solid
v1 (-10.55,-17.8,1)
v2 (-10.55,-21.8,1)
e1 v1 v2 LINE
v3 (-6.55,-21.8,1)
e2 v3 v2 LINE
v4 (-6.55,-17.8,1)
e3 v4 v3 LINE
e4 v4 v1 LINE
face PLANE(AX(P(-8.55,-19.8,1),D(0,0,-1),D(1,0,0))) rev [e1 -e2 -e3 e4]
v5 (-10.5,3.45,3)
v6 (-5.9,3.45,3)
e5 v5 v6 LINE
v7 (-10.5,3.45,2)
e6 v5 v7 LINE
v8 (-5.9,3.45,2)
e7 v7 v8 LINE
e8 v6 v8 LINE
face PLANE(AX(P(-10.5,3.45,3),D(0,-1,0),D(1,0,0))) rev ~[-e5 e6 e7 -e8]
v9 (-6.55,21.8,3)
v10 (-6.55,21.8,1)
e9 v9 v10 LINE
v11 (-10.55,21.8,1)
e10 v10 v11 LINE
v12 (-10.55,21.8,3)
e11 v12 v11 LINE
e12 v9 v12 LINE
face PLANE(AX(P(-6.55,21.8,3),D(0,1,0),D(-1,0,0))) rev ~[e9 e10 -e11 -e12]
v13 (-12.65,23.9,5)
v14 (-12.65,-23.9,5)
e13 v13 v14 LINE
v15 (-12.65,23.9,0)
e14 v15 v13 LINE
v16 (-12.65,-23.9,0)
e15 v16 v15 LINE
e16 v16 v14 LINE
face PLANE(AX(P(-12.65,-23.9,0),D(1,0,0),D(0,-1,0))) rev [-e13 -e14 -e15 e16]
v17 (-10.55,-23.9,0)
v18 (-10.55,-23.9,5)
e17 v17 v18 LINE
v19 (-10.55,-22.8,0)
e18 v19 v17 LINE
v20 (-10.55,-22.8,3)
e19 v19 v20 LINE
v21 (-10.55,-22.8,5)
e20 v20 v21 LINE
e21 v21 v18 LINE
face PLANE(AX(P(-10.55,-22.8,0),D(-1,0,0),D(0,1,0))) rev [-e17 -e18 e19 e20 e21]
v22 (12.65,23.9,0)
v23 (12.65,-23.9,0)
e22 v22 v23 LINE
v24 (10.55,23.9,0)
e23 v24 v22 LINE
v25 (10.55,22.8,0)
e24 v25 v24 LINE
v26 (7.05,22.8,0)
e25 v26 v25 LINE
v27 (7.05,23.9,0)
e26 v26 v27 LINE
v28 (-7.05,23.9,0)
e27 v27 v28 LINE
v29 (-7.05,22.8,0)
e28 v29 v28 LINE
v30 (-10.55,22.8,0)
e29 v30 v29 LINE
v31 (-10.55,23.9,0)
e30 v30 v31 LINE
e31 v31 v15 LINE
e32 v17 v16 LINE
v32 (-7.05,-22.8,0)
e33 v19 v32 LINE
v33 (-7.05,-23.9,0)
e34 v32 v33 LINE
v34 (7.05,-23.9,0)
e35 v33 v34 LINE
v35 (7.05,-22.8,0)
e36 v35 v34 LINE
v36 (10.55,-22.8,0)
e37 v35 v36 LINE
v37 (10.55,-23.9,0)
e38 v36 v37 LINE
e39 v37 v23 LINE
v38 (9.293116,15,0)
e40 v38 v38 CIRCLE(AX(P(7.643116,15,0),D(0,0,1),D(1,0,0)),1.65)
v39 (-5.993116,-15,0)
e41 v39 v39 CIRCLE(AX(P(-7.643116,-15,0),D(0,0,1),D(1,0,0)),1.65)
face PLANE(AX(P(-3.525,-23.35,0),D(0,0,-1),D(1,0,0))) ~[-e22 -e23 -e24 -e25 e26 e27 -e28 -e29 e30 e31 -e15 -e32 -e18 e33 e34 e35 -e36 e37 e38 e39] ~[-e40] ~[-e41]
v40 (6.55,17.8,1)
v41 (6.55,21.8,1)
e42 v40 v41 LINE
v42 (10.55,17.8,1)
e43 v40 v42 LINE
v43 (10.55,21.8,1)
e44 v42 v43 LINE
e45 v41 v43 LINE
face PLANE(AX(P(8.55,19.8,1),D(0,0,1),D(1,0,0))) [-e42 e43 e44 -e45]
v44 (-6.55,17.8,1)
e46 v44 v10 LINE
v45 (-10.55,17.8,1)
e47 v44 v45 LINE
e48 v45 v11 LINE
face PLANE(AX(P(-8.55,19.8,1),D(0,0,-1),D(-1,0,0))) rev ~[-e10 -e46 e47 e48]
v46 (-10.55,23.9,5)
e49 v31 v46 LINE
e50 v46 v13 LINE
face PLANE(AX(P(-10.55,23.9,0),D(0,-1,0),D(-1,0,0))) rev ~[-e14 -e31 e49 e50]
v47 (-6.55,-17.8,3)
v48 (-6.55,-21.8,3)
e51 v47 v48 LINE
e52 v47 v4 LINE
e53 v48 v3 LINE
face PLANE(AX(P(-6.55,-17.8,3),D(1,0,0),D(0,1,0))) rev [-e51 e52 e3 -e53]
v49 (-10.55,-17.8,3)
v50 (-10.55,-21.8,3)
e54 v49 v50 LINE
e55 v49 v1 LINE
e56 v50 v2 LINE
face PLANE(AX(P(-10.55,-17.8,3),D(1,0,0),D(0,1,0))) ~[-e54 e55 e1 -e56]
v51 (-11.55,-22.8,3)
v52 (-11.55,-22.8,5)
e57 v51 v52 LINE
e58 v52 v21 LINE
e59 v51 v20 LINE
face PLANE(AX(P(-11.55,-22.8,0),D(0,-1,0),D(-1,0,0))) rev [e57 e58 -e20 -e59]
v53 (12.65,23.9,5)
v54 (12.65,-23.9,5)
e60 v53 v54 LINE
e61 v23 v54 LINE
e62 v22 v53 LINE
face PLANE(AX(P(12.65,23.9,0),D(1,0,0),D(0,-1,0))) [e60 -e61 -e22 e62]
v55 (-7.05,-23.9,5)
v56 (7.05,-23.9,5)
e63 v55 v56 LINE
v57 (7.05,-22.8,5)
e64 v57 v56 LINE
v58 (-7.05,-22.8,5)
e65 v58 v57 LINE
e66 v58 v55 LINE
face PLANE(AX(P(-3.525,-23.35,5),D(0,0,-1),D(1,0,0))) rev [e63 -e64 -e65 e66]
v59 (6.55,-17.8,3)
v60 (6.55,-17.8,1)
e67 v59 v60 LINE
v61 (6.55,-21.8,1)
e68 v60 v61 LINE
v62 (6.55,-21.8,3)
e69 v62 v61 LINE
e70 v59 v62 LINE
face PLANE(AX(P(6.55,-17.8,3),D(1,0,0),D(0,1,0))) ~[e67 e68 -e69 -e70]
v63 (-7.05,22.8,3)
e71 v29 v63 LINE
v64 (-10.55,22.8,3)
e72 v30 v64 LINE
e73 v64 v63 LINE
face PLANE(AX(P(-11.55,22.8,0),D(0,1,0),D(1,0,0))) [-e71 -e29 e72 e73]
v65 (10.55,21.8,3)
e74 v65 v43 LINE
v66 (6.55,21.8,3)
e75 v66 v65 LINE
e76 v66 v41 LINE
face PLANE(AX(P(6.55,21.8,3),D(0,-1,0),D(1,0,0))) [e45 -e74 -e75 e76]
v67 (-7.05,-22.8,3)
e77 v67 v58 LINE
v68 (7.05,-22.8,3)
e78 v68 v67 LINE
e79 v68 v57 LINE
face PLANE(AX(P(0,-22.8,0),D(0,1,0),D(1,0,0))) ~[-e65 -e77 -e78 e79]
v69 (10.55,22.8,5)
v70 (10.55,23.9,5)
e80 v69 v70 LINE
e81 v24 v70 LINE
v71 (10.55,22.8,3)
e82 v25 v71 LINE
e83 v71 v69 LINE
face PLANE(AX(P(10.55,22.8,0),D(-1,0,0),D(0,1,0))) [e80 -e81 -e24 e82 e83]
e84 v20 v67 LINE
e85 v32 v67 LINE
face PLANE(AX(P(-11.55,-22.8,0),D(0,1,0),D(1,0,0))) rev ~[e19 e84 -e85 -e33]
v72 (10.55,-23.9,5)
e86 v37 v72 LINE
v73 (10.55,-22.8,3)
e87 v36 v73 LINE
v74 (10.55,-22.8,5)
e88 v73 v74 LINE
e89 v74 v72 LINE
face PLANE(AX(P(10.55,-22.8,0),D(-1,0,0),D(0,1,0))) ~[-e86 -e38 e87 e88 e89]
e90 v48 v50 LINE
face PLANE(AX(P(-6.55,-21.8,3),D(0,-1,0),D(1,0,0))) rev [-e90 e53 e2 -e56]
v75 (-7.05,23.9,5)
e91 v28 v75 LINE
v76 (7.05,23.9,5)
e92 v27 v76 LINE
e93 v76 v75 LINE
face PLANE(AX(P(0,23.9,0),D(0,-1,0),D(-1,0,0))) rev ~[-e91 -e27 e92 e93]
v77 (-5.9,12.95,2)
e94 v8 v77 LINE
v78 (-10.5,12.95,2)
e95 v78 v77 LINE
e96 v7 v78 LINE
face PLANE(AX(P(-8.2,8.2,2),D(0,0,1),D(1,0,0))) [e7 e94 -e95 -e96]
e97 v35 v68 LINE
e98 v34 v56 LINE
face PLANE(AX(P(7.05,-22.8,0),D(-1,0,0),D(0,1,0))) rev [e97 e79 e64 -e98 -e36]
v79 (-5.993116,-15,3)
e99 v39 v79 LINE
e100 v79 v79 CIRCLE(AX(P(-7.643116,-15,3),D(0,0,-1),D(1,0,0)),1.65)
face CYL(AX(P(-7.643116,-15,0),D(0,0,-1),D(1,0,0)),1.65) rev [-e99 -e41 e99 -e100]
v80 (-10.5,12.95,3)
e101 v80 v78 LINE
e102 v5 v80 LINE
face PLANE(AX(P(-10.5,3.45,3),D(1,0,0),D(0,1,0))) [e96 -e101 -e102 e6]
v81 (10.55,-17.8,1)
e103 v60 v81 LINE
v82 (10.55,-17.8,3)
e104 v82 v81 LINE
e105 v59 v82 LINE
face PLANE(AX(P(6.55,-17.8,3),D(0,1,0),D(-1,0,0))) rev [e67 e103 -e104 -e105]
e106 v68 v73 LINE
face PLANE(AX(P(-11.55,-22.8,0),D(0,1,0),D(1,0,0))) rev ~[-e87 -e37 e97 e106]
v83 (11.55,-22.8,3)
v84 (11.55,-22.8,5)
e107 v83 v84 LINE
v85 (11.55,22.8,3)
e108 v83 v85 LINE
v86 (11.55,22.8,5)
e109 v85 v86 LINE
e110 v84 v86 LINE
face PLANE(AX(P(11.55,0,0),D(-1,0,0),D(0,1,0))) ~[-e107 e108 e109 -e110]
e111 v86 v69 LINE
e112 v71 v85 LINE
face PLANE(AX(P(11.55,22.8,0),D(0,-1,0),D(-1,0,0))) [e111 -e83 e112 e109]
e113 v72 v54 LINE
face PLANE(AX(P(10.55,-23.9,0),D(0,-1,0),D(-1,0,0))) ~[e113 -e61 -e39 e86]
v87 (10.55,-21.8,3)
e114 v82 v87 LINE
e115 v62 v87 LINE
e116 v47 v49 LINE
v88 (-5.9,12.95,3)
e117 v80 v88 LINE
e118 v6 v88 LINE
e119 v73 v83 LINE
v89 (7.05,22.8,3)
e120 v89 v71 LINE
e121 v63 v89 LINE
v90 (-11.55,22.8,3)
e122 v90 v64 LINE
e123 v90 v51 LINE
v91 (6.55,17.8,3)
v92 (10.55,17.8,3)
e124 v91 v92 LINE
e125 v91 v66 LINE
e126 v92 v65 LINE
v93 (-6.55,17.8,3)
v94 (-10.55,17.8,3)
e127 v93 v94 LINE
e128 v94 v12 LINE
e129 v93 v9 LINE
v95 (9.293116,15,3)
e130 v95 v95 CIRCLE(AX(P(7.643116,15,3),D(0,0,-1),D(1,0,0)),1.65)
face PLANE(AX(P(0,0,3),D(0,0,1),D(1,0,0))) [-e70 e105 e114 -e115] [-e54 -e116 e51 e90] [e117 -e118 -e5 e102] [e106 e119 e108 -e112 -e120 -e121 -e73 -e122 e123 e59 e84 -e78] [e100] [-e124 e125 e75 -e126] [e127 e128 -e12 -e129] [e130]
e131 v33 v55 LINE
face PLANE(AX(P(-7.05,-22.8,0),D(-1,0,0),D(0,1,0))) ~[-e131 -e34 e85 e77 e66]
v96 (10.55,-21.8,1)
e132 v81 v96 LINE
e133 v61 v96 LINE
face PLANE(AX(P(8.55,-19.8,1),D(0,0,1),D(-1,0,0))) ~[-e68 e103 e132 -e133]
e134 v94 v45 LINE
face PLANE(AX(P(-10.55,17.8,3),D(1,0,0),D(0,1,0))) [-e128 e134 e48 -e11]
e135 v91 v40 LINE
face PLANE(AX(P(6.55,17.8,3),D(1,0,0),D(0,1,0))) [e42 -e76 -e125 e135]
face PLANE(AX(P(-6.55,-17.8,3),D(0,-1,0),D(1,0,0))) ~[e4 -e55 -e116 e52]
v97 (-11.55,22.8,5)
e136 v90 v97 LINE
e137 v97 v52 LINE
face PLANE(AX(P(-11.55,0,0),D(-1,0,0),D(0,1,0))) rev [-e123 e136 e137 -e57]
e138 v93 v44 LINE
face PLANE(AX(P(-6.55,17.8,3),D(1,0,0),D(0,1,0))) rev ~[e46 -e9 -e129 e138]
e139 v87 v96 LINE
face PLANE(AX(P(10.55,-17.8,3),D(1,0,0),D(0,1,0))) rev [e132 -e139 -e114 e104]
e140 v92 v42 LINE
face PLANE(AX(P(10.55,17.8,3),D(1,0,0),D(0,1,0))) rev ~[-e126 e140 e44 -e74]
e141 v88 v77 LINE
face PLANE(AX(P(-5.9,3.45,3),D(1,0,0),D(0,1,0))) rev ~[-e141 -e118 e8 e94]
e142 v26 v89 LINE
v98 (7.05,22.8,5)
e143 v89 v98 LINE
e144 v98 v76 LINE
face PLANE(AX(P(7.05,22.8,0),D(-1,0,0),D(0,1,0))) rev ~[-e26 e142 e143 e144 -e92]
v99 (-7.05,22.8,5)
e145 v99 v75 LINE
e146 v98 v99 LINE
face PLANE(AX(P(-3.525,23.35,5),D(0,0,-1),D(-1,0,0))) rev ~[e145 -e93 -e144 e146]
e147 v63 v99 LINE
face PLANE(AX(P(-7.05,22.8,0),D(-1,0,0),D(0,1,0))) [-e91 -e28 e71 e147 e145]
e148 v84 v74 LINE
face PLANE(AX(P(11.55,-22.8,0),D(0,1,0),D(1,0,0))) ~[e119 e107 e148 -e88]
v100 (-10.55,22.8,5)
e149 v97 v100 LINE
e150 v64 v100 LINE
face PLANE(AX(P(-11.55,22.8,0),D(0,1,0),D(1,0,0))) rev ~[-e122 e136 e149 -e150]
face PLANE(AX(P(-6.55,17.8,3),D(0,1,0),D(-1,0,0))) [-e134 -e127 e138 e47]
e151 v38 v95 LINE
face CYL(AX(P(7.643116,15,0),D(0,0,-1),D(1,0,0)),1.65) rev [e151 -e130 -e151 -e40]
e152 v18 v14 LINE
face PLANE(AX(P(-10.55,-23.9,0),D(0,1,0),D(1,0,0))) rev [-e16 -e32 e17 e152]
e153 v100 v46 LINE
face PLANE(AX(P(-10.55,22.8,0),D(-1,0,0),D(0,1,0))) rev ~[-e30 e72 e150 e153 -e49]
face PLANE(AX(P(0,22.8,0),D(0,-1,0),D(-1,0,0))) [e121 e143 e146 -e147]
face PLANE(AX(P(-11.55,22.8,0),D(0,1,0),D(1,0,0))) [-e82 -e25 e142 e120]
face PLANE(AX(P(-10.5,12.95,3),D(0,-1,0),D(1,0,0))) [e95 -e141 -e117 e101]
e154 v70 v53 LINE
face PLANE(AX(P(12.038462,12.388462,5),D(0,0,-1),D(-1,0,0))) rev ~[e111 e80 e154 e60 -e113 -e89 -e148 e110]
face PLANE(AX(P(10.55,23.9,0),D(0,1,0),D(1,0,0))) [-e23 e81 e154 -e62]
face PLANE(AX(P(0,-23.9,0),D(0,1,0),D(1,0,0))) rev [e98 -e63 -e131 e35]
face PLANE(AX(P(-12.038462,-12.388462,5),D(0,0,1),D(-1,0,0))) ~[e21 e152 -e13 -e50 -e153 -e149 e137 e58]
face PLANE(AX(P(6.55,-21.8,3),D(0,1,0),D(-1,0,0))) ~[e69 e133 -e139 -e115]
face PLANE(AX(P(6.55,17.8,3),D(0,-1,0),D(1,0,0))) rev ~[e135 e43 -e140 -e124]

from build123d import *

# Parameters (mm, degrees)
SKETCH_W                   = 21.1
SKETCH_H                   = 43.6
PAD_DEPTH                  = 3
SKETCH004_W                = 23.1
SKETCH004_H                = 45.6
PAD001_DEPTH               = 3
SKETCH005_W                = 7.05
SKETCH005_H                = 1.1
PAD002_DEPTH               = 5
SKETCH005_MIRRORED002_2_W  = 7.05
SKETCH005_MIRRORED002_2_H  = 1.1
PAD002_MIRRORED002_2_DEPTH = 5
SKETCH002_W                = 4.6
SKETCH002_H                = 9.5
POCKET_DEPTH               = 1
SKETCH001_R                = 1.65
POCKET001_DEPTH            = 0.001
POCKET001_DEPTH_BACK       = -5.001
SKETCH003_W                = 4
SKETCH003_H                = 4
POCKET002_DEPTH            = 2
SKETCH003_MIRRORED_2_W     = 4
SKETCH003_MIRRORED_2_H     = 4
POCKET002_MIRRORED_2_DEPTH = 2


with BuildPart() as part:
    # Sketch → Pad (new body)
    with BuildSketch(Plane.XY):
        Rectangle(SKETCH_W, SKETCH_H)
    extrude(amount=PAD_DEPTH)

    # Sketch004 → Pad001 (join)
    with BuildSketch(Plane.XY):
        Rectangle(SKETCH004_W, SKETCH004_H)
    extrude(amount=PAD001_DEPTH)

    # Sketch005 → Pad002 (join)
    with BuildSketch(Plane.XY):
        with Locations((3.525, 23.35)):
            Rectangle(SKETCH005_W, SKETCH005_H)
        Polygon((11.55, 22.8), (10.55, 22.8), (10.55, 23.9), (12.65, 23.9), (12.65, 0), (11.55, 0), align=None)
    pad002 = extrude(amount=PAD002_DEPTH)

    # Sketch005 Mirrored002 2 → Pad002 Mirrored002 2 (add)
    with BuildSketch(Plane(origin=(0, 0, 0), x_dir=(-1, 0, 0), z_dir=(0, 0, -1))):
        with Locations((3.525, 23.35)):
            Rectangle(SKETCH005_MIRRORED002_2_W, SKETCH005_MIRRORED002_2_H)
        Polygon((11.55, 22.8), (10.55, 22.8), (10.55, 23.9), (12.65, 23.9), (12.65, 0), (11.55, 0), align=None)
    pad002_mirrored002_2 = extrude(amount=-PAD002_MIRRORED002_2_DEPTH)

    # Mirrored003: Pad002, Pad002 Mirrored002 2 across Sketch005 H_Axis
    add(pad002.mirror(Plane.ZX))
    add(pad002_mirrored002_2.mirror(Plane.ZX))

    # Sketch002 → Pocket (cut)
    with BuildSketch(Plane(origin=(-8.2, 8.2, 3), x_dir=(1, 0, 0), z_dir=(0, 0, 1))):
        Rectangle(SKETCH002_W, SKETCH002_H)
    extrude(amount=-POCKET_DEPTH, mode=Mode.SUBTRACT)

    # Sketch001 → Pocket001 (cut, two sides)
    with BuildSketch(Plane.XY) as pocket001_sk:
        with Locations((7.643116, 15)):
            Circle(SKETCH001_R)
        with Locations((-7.643116, -15)):
            Circle(SKETCH001_R)
    extrude(amount=-POCKET001_DEPTH, mode=Mode.SUBTRACT)
    extrude(pocket001_sk.sketch, amount=-POCKET001_DEPTH_BACK, mode=Mode.SUBTRACT)

    # Sketch003 → Pocket002 (cut)
    with BuildSketch(Plane.XY.offset(3)):
        with Locations((8.55, 19.8)):
            Rectangle(SKETCH003_W, SKETCH003_H)
    pocket002 = extrude(amount=-POCKET002_DEPTH, mode=Mode.SUBTRACT)

    # Sketch003 Mirrored 2 → Pocket002 Mirrored 2 (cut)
    with BuildSketch(Plane(origin=(0, 0, 3), x_dir=(-1, 0, 0), z_dir=(0, 0, -1))):
        with Locations((8.55, 19.8)):
            Rectangle(SKETCH003_MIRRORED_2_W, SKETCH003_MIRRORED_2_H)
    pocket002_mirrored_2 = extrude(amount=POCKET002_MIRRORED_2_DEPTH, mode=Mode.SUBTRACT)

    # Mirrored001: Pocket002, Pocket002 Mirrored 2 across Sketch003 H_Axis
    add(pocket002.mirror(Plane(origin=(0, 0, 3), x_dir=(0, 0, 1), z_dir=(0, 1, 0))), mode=Mode.SUBTRACT)
    add(pocket002_mirrored_2.mirror(Plane(origin=(0, 0, 3), x_dir=(0, 0, 1), z_dir=(0, 1, 0))), mode=Mode.SUBTRACT)


solid = part.part
